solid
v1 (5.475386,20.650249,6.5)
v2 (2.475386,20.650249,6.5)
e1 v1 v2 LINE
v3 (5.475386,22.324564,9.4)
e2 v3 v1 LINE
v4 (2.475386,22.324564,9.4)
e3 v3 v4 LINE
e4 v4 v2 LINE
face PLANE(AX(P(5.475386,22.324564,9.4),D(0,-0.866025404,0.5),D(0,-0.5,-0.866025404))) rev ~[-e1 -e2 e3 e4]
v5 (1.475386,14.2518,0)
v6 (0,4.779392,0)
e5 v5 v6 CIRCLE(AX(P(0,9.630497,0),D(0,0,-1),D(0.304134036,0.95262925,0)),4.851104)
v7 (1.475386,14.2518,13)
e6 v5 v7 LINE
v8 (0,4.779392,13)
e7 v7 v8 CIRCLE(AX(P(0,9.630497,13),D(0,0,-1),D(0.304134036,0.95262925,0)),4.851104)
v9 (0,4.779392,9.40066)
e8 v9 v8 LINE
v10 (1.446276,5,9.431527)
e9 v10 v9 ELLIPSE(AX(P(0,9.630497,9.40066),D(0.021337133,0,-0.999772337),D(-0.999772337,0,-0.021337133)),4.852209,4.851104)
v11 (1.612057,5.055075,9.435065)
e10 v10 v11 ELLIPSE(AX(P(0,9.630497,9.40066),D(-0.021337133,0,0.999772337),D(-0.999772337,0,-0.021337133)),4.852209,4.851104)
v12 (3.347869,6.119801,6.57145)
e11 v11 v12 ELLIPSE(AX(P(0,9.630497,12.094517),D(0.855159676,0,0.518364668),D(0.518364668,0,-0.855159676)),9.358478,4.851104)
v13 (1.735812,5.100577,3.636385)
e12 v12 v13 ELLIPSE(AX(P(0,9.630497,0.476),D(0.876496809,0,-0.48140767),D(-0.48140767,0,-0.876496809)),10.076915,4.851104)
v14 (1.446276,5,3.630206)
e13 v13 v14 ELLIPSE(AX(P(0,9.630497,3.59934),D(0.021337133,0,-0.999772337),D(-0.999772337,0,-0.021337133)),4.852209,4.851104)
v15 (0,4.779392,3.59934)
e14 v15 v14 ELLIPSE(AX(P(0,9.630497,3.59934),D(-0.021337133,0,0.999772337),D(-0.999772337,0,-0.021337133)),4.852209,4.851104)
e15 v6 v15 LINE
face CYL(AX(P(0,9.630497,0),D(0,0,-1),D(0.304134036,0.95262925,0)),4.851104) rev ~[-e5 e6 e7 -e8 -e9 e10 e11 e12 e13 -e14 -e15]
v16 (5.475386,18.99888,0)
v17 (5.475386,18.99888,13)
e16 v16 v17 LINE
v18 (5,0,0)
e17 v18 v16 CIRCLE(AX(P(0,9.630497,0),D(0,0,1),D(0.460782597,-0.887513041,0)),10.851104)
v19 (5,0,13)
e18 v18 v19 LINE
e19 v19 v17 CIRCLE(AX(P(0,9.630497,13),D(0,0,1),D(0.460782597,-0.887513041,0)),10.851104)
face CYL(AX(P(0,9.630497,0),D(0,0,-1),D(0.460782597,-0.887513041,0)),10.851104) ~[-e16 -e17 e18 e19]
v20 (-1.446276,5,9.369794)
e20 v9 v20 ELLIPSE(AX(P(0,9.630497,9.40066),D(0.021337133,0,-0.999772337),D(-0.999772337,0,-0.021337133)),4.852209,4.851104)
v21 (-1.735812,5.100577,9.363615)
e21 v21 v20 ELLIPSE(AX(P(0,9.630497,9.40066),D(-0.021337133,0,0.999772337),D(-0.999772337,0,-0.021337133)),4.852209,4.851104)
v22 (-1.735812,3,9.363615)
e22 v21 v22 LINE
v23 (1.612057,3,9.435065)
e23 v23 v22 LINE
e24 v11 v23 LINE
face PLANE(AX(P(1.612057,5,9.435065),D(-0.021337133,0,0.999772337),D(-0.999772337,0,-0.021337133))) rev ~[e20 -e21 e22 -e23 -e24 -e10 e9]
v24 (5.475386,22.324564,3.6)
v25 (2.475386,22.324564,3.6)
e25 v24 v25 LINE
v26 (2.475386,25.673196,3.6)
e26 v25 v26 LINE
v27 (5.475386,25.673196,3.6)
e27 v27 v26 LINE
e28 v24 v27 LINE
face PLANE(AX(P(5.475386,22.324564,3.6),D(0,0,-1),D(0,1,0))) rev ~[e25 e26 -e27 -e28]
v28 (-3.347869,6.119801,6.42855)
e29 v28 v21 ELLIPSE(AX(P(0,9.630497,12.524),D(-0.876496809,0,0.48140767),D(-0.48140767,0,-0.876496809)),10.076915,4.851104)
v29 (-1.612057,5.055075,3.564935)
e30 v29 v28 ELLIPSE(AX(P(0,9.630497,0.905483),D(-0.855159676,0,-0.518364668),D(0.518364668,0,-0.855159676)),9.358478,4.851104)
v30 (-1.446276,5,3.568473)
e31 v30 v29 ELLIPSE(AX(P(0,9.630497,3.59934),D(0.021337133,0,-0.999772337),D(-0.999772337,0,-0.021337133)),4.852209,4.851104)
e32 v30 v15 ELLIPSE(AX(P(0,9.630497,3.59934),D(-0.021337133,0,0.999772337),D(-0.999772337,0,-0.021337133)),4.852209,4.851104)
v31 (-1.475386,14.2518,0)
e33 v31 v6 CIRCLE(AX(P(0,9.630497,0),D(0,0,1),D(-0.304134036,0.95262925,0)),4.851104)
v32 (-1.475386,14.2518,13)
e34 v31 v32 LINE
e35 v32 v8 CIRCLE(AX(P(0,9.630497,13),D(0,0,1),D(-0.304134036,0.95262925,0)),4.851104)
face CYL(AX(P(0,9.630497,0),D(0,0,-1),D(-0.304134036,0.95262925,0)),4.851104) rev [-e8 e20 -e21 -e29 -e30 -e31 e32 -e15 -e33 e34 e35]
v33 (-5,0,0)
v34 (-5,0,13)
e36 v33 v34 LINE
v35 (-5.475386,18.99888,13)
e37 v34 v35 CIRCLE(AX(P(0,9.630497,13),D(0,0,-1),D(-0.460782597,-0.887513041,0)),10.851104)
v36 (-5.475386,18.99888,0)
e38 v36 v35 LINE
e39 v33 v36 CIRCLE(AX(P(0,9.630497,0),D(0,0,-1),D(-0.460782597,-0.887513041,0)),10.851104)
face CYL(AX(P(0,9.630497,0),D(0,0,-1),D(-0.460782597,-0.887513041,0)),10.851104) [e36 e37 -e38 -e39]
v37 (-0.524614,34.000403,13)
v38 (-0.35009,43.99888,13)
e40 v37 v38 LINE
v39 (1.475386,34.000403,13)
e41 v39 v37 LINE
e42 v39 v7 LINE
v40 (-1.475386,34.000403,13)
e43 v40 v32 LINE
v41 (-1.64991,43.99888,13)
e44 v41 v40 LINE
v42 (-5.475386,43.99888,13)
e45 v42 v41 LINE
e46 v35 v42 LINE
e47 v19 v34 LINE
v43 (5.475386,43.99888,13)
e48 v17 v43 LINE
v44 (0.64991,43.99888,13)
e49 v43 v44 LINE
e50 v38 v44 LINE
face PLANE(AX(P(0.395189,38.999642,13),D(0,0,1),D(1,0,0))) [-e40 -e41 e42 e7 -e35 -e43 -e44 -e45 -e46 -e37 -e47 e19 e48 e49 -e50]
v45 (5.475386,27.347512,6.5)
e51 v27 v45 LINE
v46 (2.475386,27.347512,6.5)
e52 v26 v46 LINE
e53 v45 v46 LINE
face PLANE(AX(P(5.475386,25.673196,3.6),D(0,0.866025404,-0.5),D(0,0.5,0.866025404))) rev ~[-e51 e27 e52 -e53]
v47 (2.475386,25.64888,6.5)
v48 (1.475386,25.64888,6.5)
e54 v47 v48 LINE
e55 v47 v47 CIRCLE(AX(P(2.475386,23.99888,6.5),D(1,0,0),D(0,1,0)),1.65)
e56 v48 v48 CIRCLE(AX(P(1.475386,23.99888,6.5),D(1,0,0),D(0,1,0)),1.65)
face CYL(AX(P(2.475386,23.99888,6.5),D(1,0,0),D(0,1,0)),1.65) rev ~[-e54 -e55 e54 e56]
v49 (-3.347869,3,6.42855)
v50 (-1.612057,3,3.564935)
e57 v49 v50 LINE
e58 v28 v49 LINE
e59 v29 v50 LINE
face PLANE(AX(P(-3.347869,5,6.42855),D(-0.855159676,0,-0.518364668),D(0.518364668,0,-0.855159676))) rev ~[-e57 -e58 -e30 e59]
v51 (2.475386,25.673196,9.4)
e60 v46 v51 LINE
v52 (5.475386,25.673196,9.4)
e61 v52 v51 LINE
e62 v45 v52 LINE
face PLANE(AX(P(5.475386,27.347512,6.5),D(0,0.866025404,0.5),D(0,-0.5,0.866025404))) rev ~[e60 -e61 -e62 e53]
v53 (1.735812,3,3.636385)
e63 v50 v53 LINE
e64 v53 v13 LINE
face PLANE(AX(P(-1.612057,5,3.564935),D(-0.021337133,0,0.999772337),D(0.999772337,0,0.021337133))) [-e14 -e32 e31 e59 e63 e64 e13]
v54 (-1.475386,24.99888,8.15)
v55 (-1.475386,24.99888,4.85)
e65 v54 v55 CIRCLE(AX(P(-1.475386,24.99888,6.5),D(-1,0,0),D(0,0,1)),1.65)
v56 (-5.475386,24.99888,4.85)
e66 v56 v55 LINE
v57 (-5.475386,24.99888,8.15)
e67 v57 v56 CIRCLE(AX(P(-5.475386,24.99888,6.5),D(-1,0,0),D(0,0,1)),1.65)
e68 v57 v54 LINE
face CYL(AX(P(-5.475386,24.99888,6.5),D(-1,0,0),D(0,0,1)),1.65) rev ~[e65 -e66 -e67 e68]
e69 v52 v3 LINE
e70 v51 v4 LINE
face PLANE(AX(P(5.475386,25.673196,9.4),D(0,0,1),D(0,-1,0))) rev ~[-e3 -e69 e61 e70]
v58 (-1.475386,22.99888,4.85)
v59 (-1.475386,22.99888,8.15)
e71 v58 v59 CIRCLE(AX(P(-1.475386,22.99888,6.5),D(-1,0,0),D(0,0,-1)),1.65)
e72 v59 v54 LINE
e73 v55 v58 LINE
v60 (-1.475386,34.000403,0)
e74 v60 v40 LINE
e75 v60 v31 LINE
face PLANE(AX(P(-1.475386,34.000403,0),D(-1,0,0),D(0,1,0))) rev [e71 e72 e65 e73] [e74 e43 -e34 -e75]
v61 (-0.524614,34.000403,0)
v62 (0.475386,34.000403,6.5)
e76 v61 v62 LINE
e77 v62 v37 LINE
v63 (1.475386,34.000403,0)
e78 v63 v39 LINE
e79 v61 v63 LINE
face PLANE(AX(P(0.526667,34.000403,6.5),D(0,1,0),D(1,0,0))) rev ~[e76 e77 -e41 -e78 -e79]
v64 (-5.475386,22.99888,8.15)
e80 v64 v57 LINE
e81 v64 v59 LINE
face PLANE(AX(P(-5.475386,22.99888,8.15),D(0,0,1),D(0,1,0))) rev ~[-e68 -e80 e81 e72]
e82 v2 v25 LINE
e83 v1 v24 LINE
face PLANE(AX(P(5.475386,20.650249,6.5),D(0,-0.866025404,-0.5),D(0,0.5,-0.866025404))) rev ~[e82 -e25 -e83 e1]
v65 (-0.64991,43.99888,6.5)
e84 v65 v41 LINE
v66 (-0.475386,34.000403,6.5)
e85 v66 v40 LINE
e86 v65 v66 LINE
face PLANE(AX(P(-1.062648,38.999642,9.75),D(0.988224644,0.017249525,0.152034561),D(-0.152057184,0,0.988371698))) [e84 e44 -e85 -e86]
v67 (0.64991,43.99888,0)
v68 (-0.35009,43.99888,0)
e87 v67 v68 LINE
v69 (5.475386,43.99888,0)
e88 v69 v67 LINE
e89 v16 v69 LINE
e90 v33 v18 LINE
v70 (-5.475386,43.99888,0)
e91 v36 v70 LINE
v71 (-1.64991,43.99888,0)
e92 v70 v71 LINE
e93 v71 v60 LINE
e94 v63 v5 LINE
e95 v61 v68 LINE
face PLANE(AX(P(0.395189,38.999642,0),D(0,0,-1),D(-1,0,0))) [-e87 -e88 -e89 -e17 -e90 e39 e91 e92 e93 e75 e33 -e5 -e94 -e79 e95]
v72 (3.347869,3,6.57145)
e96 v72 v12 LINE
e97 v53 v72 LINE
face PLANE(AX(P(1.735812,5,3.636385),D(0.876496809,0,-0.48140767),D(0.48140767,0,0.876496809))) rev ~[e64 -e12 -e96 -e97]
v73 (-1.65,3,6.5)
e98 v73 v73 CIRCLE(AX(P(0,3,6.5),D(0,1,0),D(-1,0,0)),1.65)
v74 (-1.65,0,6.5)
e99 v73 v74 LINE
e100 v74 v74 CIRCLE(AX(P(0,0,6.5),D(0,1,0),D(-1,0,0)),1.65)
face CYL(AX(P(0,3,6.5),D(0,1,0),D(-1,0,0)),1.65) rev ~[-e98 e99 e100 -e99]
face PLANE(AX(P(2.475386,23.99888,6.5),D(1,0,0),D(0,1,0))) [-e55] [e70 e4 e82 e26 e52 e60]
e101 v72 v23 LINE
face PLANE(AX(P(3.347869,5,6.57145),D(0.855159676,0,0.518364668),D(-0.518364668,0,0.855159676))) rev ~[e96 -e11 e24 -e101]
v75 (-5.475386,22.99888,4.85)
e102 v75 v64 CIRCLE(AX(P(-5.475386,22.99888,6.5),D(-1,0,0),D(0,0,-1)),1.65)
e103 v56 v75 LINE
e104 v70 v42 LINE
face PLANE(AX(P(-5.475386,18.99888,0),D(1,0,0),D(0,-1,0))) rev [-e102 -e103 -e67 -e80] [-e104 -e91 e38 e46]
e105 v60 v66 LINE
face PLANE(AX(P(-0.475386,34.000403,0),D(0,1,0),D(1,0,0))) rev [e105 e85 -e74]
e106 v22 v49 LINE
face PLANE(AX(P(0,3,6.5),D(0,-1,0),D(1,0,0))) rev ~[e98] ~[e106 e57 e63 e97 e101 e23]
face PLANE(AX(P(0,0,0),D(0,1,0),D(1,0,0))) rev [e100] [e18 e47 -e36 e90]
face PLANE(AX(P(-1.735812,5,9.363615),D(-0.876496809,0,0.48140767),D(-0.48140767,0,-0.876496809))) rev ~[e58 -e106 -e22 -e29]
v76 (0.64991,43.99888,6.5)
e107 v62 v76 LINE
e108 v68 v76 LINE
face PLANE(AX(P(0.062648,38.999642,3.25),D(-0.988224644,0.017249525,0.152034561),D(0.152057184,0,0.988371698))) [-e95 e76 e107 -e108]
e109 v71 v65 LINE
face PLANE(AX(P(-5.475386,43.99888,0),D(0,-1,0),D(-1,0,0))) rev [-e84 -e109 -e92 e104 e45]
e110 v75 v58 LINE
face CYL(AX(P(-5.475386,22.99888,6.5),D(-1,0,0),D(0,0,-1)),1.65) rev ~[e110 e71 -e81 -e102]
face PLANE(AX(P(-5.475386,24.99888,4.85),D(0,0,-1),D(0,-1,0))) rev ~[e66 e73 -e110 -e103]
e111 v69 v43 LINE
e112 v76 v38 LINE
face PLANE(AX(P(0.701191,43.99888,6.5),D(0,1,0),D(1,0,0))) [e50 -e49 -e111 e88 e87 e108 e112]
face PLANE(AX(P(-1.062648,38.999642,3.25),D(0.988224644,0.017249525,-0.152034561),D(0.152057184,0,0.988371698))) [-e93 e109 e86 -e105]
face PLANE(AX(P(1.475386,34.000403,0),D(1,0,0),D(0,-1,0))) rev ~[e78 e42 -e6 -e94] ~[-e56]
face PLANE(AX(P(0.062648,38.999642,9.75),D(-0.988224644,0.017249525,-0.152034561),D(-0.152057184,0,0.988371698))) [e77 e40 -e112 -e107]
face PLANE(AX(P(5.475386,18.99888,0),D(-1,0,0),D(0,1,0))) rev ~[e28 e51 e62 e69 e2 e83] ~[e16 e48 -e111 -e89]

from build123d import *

# Parameters (mm, degrees)
F1_DEPTH       = 13
F4_DEPTH       = 3
F5_R           = 1.65
F6_DEPTH       = 1
F8_DEPTH       = 4
F11_DEPTH      = 3
F11_DEPTH_BACK = 2
F12_R          = 1.65
F13_DEPTH      = 3


with BuildPart() as f1:
    # F0 (on Top) → F1 (new body)
    with BuildSketch(Plane.XY):
        with BuildLine():
            Line((0, 0), (5, 0))
            ThreePointArc((5, 0), (10.8477089738, 9.3590674898), (5.4753859206, 18.9988802231))
            Line((5.4753859206, 18.9988802231), (5.4753859206, 43.9988802231))
            Line((5.4753859206, 43.9988802231), (0.649909985, 43.9988802231))
            Line((0.649909985, 43.9988802231), (0.4753859206, 34.0004032716))
            Line((0.4753859206, 34.0004032716), (1.4753859206, 34.0004032716))
            Line((1.4753859206, 34.0004032716), (1.4753859206, 14.2518003603))
            ThreePointArc((1.4753859206, 14.2518003603), (4.7933098793, 8.8839089986), (0, 4.7793922831))
            Line((0, 4.7793922831), (0, 0))
        make_face()
    extrude(amount=F1_DEPTH)

    # F2: F1 across plane


with BuildPart() as f1_1:
    add(f1.part)
    add(f1.part.mirror(Plane.YZ))

    # F3 (on face) → F4 (cut)
    with BuildSketch(Plane.YZ.offset(5.4753859206)):
        Polygon((22.3245644425, 3.6), (25.6731960038, 3.6), (27.3475117844, 6.5), (25.6731960038, 9.4), (22.3245644425, 9.4), (20.6502486618, 6.5), align=None)
    extrude(amount=-F4_DEPTH, mode=Mode.SUBTRACT)

    # F5 (on face) → F6 (cut, through all)
    with BuildSketch(Plane.YZ.offset(2.4753859206)):
        with Locations((23.9988802231, 6.5)):
            Circle(F5_R)
    extrude(amount=-F6_DEPTH, mode=Mode.SUBTRACT)

    # F7 (on face) → F8 (cut, through all)
    with BuildSketch(Plane(origin=(-5.4753859206, 0, 0), x_dir=(0, -1, 0), z_dir=(-1, 0, 0))):
        with BuildLine():
            ThreePointArc((-22.9988802231, 4.85), (-21.3488802231, 6.5), (-22.9988802231, 8.15))
            Line((-22.9988802231, 8.15), (-24.9988802231, 8.15))
            ThreePointArc((-24.9988802231, 8.15), (-26.6488802231, 6.5), (-24.9988802231, 4.85))
            Line((-24.9988802231, 4.85), (-22.9988802231, 4.85))
        make_face()
    extrude(amount=-F8_DEPTH, mode=Mode.SUBTRACT)

    # F10 (on offset) → F11 (cut, two sides)
    with BuildSketch(Plane.XZ.offset(-5)) as f11_sk:
        Polygon((1.7358122868, 3.6363853195), (3.3478692034, 6.5714501963), (1.6120569166, 9.4350648768), (-1.7358122868, 9.3636146805), (-3.3478692034, 6.4285498037), (-1.6120569166, 3.5649351232), align=None)
    extrude(amount=-F11_DEPTH, mode=Mode.SUBTRACT)
    extrude(f11_sk.sketch, amount=F11_DEPTH_BACK, mode=Mode.SUBTRACT)

    # F12 (on face) → F13 (cut, through all)
    with BuildSketch(Plane(origin=(0, 3, 0), x_dir=(-1, 0, 0), z_dir=(0, 1, 0))):
        with Locations((0, 6.5)):
            Circle(F12_R)
    extrude(amount=-F13_DEPTH, mode=Mode.SUBTRACT)

    # F15: sweep along a path in F15_path
    with BuildLine(Plane(origin=(-0.649909985, 43.9988802231, 13), x_dir=(-0.0174524064, 0.9998476952, 0), z_dir=(-0.9998476952, -0.0174524064, 0))) as f15_path:
        Line((0, 0), (-10, 0))
    # F14 (on face) → F15 (sweep, cut)
    with BuildSketch(Plane(origin=(0, 43.9988802231, 0), x_dir=(-1, 0, 0), z_dir=(0, 1, 0))):
        Polygon((0.649909985, 6.5), (1.649909985, 13), (0.449909985, 13), (0.449909985, 0), (1.649909985, 0), align=None)
    sweep(path=f15_path.line, mode=Mode.SUBTRACT)

    # F17: sweep along a path in F17_path
    with BuildLine(Plane(origin=(0.4753859206, 34.0004032716, 13), x_dir=(-0.0174524064, -0.9998476952, 0), z_dir=(0.9998476952, -0.0174524064, 0))) as f17_path:
        Line((0, 0), (-10, 0))
    # F16 (on face) → F17 (sweep)
    with BuildSketch(Plane(origin=(0, 43.9988802231, 0), x_dir=(-1, 0, 0), z_dir=(0, 1, 0))):
        Polygon((-0.649909985, 6.5), (0.350090015, 13), (-1.3149922222, 13), (-1.3149922222, 0), (0.350090015, 0), align=None)
    sweep(path=f17_path.line)


solid = f1_1.part
